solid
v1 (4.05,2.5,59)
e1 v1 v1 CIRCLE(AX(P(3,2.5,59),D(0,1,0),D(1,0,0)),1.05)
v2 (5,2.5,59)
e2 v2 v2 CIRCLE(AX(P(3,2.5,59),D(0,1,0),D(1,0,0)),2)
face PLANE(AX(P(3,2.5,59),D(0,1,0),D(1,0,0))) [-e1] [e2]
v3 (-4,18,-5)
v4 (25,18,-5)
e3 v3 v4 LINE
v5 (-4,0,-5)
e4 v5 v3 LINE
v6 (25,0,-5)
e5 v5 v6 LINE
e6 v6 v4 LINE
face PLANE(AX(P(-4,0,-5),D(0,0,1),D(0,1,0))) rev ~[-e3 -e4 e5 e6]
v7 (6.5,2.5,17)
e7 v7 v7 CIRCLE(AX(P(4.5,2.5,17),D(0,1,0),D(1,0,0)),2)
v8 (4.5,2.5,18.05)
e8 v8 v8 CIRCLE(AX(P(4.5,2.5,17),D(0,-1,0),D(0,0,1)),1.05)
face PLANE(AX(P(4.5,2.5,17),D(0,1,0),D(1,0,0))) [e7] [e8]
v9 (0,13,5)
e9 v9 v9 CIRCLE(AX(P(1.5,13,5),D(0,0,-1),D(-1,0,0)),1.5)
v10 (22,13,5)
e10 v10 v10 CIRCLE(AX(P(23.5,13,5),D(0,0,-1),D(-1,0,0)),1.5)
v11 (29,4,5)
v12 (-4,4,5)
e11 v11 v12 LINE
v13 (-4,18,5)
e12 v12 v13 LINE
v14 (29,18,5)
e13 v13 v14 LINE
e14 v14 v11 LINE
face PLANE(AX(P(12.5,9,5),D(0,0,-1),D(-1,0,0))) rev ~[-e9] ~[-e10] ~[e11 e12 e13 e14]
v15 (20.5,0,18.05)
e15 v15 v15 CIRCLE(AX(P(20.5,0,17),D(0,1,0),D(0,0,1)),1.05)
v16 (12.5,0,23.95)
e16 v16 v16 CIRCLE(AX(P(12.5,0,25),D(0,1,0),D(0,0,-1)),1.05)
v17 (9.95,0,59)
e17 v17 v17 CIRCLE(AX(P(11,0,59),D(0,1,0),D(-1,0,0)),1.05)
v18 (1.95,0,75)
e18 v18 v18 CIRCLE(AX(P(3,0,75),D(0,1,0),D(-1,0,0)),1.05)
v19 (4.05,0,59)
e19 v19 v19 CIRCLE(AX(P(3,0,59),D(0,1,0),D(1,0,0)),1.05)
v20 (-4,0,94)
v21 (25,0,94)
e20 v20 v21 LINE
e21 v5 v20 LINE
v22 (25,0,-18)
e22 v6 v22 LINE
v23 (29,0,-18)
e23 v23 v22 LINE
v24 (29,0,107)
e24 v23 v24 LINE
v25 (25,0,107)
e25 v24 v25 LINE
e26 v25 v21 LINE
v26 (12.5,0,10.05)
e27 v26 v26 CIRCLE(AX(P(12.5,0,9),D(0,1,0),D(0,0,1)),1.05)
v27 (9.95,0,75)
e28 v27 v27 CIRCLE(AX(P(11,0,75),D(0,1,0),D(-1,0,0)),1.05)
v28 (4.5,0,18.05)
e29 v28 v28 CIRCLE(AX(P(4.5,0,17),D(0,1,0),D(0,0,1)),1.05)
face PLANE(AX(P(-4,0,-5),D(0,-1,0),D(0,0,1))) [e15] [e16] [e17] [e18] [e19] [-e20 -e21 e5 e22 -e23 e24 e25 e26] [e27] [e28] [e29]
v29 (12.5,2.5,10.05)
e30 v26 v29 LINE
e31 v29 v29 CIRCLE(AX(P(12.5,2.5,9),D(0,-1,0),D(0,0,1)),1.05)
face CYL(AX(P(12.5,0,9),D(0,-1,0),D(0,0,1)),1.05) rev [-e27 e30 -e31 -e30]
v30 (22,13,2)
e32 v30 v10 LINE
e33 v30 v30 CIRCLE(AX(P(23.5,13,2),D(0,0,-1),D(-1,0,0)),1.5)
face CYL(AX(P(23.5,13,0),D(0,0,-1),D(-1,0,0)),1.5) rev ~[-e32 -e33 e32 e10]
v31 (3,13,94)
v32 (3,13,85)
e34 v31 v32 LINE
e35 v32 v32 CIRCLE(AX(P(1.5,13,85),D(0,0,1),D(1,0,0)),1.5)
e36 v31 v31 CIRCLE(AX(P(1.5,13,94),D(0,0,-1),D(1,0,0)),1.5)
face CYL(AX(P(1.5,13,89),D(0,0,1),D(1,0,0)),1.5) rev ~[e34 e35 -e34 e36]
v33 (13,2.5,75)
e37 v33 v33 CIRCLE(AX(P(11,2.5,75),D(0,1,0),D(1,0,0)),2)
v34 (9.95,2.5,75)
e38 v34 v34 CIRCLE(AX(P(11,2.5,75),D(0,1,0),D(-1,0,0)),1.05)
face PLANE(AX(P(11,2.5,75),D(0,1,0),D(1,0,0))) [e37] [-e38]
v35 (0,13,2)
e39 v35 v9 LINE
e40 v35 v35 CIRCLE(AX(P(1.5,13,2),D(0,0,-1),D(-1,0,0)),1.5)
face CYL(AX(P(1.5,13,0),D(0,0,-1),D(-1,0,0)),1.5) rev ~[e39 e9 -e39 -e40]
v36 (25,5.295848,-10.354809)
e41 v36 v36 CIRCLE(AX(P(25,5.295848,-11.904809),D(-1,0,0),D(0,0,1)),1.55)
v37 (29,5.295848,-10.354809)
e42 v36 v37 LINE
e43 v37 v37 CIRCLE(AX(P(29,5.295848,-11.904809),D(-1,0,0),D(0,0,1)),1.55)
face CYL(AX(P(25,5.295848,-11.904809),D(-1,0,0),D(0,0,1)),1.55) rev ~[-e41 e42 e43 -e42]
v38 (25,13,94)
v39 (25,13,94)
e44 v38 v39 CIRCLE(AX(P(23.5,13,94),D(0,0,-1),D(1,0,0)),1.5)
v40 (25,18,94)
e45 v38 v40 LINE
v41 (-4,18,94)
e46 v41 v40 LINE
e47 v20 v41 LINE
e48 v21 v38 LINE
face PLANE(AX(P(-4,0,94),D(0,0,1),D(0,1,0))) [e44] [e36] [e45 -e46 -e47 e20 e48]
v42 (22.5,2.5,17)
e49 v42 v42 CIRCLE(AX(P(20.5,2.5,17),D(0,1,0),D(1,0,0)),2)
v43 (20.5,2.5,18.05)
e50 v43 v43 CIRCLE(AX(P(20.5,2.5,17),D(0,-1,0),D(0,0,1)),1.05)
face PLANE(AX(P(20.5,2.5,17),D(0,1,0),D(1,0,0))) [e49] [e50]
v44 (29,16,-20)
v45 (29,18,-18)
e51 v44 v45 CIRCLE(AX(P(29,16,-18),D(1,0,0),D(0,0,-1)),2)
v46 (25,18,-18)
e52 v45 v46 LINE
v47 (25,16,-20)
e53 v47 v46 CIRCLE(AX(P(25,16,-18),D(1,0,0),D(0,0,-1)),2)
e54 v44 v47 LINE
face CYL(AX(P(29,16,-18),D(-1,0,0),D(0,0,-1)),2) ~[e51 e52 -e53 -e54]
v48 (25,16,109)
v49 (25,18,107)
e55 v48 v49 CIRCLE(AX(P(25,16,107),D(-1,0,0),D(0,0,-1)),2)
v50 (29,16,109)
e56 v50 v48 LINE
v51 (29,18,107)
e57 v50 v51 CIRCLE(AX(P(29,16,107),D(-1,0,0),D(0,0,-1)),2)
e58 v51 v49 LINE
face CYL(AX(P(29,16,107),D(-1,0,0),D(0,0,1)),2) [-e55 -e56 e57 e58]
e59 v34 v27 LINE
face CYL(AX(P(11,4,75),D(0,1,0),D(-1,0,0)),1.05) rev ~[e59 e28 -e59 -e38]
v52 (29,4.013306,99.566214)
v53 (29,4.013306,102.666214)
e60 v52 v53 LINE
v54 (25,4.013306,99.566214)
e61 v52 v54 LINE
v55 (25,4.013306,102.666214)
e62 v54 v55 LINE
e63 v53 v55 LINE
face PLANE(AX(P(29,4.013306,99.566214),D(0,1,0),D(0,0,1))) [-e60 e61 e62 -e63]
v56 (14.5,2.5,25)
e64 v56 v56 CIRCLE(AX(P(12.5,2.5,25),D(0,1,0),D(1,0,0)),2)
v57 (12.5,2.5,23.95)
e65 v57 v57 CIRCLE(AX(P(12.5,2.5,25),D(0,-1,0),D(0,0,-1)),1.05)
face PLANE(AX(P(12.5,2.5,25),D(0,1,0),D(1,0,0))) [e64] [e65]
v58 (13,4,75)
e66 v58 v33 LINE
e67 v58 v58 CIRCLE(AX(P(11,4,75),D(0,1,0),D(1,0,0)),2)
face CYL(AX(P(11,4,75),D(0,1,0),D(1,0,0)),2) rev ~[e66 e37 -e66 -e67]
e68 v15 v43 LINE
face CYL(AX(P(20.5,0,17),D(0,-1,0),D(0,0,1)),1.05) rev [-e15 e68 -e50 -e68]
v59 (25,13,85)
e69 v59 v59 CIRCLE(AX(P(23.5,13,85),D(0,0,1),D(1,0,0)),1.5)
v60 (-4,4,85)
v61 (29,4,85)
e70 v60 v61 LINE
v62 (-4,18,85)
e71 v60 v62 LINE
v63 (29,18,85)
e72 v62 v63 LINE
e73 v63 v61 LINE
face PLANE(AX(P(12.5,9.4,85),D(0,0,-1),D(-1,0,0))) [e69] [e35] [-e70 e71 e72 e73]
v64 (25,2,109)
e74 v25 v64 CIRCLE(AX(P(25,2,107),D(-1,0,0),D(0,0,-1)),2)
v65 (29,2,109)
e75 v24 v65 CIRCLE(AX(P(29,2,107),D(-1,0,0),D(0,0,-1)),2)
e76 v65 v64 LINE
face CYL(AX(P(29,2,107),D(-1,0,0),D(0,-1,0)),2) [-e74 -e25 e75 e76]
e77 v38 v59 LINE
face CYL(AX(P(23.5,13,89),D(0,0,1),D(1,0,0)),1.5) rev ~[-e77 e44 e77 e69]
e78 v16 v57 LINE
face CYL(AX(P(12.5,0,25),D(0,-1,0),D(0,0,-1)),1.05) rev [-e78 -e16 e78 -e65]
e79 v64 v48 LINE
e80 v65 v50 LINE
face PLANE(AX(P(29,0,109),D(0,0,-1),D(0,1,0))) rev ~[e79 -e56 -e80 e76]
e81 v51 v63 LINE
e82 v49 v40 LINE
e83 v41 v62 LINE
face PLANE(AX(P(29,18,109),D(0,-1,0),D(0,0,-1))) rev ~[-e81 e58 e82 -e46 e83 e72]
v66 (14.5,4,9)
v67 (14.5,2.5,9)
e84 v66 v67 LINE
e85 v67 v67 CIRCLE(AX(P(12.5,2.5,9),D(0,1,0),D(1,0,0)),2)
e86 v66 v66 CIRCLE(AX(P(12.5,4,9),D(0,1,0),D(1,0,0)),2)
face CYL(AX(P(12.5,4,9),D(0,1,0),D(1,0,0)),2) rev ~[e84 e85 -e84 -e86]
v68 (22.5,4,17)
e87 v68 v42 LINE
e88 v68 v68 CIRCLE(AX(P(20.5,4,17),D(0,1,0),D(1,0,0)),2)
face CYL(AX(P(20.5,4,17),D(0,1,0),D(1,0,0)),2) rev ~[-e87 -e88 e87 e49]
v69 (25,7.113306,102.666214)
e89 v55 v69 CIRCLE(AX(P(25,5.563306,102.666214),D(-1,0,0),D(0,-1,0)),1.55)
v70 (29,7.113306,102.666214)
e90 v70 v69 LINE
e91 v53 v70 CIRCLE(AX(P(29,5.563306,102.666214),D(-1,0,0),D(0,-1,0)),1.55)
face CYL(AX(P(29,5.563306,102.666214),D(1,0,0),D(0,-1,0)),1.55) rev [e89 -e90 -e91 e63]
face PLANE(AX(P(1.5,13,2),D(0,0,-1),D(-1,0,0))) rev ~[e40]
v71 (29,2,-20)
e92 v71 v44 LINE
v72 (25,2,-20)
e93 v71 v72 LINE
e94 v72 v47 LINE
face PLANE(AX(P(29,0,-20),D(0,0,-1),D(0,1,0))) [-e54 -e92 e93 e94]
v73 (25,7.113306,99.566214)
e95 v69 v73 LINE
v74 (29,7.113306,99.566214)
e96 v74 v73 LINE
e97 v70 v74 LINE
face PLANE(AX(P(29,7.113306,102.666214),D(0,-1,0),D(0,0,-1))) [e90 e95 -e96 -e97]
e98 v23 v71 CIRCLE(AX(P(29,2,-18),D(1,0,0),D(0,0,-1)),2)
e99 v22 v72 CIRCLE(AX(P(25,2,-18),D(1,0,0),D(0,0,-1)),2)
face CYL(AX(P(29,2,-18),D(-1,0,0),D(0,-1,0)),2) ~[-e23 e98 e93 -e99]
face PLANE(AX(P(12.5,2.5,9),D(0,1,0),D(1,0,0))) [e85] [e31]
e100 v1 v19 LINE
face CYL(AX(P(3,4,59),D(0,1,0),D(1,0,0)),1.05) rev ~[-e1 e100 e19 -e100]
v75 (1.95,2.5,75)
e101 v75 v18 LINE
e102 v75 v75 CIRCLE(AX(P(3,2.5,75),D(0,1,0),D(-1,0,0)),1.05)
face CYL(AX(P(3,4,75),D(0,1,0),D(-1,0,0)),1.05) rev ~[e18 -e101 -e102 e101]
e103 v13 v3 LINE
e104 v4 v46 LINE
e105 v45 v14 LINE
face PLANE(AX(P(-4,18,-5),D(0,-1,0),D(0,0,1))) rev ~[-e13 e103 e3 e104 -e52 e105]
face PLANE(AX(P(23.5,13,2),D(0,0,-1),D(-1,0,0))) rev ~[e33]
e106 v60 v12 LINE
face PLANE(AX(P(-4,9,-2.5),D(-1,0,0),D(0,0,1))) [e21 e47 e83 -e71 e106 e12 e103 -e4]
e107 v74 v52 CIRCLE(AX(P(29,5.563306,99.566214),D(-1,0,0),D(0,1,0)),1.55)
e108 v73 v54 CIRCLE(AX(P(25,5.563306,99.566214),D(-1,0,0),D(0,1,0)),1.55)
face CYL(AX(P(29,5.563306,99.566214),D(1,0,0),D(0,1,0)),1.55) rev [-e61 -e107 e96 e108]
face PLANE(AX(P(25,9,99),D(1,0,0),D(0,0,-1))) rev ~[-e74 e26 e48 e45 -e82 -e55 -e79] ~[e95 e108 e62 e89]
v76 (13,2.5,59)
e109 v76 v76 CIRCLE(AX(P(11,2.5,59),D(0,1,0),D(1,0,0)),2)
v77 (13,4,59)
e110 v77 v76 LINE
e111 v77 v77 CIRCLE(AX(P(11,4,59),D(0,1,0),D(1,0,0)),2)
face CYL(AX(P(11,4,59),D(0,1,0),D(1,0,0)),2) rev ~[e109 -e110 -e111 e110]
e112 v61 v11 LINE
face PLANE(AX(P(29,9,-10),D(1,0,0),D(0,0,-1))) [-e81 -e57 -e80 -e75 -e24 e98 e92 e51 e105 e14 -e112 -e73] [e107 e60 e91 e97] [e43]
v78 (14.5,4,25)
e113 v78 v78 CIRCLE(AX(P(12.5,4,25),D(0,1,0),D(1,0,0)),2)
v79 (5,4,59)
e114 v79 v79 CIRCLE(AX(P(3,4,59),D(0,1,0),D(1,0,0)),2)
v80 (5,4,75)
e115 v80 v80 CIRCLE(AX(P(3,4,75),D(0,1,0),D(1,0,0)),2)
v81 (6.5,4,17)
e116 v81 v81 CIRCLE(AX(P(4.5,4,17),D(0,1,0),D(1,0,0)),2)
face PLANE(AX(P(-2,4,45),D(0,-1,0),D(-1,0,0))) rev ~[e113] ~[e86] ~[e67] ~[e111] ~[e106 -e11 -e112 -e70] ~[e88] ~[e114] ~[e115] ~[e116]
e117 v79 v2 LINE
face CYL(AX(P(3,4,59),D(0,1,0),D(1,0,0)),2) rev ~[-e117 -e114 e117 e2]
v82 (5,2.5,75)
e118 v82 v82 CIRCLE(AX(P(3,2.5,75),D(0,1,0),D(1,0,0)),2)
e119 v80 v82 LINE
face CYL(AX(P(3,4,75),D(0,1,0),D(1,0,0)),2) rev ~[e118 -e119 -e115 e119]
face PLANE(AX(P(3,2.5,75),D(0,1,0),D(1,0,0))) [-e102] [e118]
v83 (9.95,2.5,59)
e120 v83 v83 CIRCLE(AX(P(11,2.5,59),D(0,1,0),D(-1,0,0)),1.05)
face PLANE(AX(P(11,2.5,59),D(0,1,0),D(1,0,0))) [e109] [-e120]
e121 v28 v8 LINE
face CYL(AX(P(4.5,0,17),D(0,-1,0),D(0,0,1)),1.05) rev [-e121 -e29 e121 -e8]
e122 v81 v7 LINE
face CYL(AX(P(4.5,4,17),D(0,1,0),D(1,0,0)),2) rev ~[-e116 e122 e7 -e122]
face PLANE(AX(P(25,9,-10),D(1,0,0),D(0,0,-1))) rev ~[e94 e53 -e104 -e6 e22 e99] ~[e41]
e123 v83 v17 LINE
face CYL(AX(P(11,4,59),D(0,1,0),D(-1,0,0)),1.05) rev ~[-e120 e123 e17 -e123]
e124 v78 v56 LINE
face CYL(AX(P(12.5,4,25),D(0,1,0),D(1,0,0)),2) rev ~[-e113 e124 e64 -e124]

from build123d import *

# Parameters (mm, degrees)
SKETCH1_W            = 25
SKETCH1_H            = 34
BOSS_EXTRUDE2_DEPTH  = 4
SKETCH2_R            = 1.5
BOSS_EXTRUDE3_DEPTH  = 5
SKETCH3_R            = 1.5
BOSS_EXTRUDE4_DEPTH  = 2
SKETCH5_W            = 25
SKETCH5_H            = 4
BOSS_EXTRUDE5_DEPTH  = 55
SKETCH6_R            = 1.5
SKETCH6_W            = 25
SKETCH6_H            = 4
BOSS_EXTRUDE6_DEPTH  = 4
SKETCH7_W            = 4
SKETCH7_H            = 80
BOSS_EXTRUDE7_DEPTH  = 4
CUT_EXTRUDE2_DEPTH   = 5
SKETCH10_R           = 2
CUT_EXTRUDE3_DEPTH   = 1.5
SKETCH11_R           = 2
CUT_EXTRUDE4_DEPTH   = 1.5
SKETCH14_W           = 20
SKETCH14_H           = 18
BOSS_EXTRUDE8_DEPTH  = 4
SKETCH15_W           = 5
SKETCH15_H           = 18
BOSS_EXTRUDE9_DEPTH  = 29
SKETCH6_3_R          = 1.5
CUT_EXTRUDE5_DEPTH   = 35
FILLET2_R            = 2
SKETCH16_W           = 20
SKETCH16_H           = 18
BOSS_EXTRUDE10_DEPTH = 4
BOSS_EXTRUDE11_REACH = 35
SKETCH17_W           = 5
SKETCH17_H           = 18
FILLET3_R            = 2
SKETCH18_R           = 1.55
CUT_EXTRUDE6_DEPTH   = 5


with BuildPart() as part:
    # Sketch1 → Boss-Extrude2 (new body)
    with BuildSketch(Plane(origin=(0, 0, 0), x_dir=(1, 0, 0), z_dir=(0, 1, 0))):
        with Locations((12.5, -17)):
            Rectangle(SKETCH1_W, SKETCH1_H)
        with BuildLine():
            ThreePointArc((20.5, -15.95), (19.45, -17), (20.5, -18.05))
            ThreePointArc((20.5, -18.05), (21.55, -17), (20.5, -15.95))
        make_face(mode=Mode.SUBTRACT)
        with BuildLine():
            ThreePointArc((12.5, -26.05), (13.55, -25), (12.5, -23.95))
            ThreePointArc((12.5, -23.95), (11.45, -25), (12.5, -26.05))
        make_face(mode=Mode.SUBTRACT)
        with BuildLine():
            ThreePointArc((4.5, -15.95), (3.45, -17), (4.5, -18.05))
            ThreePointArc((4.5, -18.05), (5.55, -17), (4.5, -15.95))
        make_face(mode=Mode.SUBTRACT)
        with BuildLine():
            ThreePointArc((12.5, -7.95), (11.45, -9), (12.5, -10.05))
            ThreePointArc((12.5, -10.05), (13.55, -9), (12.5, -7.95))
        make_face(mode=Mode.SUBTRACT)
    extrude(amount=BOSS_EXTRUDE2_DEPTH)

    # Sketch2 → Boss-Extrude3 (add)
    with BuildSketch(Plane(origin=(0, 0, 0), x_dir=(-1, 0, 0), z_dir=(0, 0, -1))):
        Polygon((-25, 0), (0, 0), (4, 0), (4, 18), (-29, 18), (-29, 0), align=None)
        with Locations((-23.5, 13)):
            Circle(SKETCH2_R, mode=Mode.SUBTRACT)
        with Locations((-1.5, 13)):
            Circle(SKETCH2_R, mode=Mode.SUBTRACT)
    extrude(amount=-BOSS_EXTRUDE3_DEPTH)

    # Sketch3 → Boss-Extrude4 (add)
    with BuildSketch(Plane(origin=(0, 0, 0), x_dir=(-1, 0, 0), z_dir=(0, 0, -1))):
        with Locations((-1.5, 13)):
            Circle(SKETCH3_R)
        with Locations((-23.5, 13)):
            Circle(SKETCH3_R)
    extrude(amount=-BOSS_EXTRUDE4_DEPTH)

    # Sketch5 → Boss-Extrude5 (add)
    with BuildSketch(Plane.XY.offset(34)):
        with Locations((12.5, 2)):
            Rectangle(SKETCH5_W, SKETCH5_H)
    extrude(amount=BOSS_EXTRUDE5_DEPTH)

    # Sketch6 → Boss-Extrude6 (add)
    with BuildSketch(Plane.XY.offset(89)):
        Polygon((-4, 18), (29, 18), (29, 0), (25, 0), (25, 4), (0, 4), (0, 0), (-4, 0), align=None)
        with Locations((23.5, 13)):
            Circle(SKETCH6_R, mode=Mode.SUBTRACT)
        with Locations((1.5, 13)):
            Circle(SKETCH6_R, mode=Mode.SUBTRACT)
        with Locations((12.5, 2)):
            Rectangle(SKETCH6_W, SKETCH6_H)
    extrude(amount=-BOSS_EXTRUDE6_DEPTH)

    # Sketch7 → Boss-Extrude7 (add)
    with BuildSketch(Plane(origin=(0, 0, 0), x_dir=(-1, 0, 0), z_dir=(0, -1, 0))):
        with Locations((2, -45)):
            Rectangle(SKETCH7_W, SKETCH7_H)
        with Locations((-27, -45)):
            Rectangle(SKETCH7_W, SKETCH7_H)
    extrude(amount=-BOSS_EXTRUDE7_DEPTH)

    # Sketch9 → Cut-Extrude2 (cut, through all)
    with BuildSketch(Plane(origin=(0, 4, 0), x_dir=(1, 0, 0), z_dir=(0, 1, 0))):
        with BuildLine():
            ThreePointArc((1.95, -59), (3, -60.05), (4.05, -59))
            ThreePointArc((4.05, -59), (3, -57.95), (1.95, -59))
        make_face()
        with BuildLine():
            ThreePointArc((12.05, -59), (11, -57.95), (9.95, -59))
            ThreePointArc((9.95, -59), (11, -60.05), (12.05, -59))
        make_face()
        with BuildLine():
            ThreePointArc((12.05, -75), (11, -73.95), (9.95, -75))
            ThreePointArc((9.95, -75), (11, -76.05), (12.05, -75))
        make_face()
        with BuildLine():
            ThreePointArc((4.05, -75), (3, -73.95), (1.95, -75))
            ThreePointArc((1.95, -75), (3, -76.05), (4.05, -75))
        make_face()
    extrude(amount=-CUT_EXTRUDE2_DEPTH, mode=Mode.SUBTRACT)

    # Sketch10 → Cut-Extrude3 (cut)
    with BuildSketch(Plane(origin=(0, 4, 0), x_dir=(1, 0, 0), z_dir=(0, 1, 0))):
        with Locations((11, -75)):
            Circle(SKETCH10_R)
        with Locations((3, -75)):
            Circle(SKETCH10_R)
        with Locations((11, -59)):
            Circle(SKETCH10_R)
        with Locations((3, -59)):
            Circle(SKETCH10_R)
    extrude(amount=-CUT_EXTRUDE3_DEPTH, mode=Mode.SUBTRACT)

    # Sketch11 → Cut-Extrude4 (cut)
    with BuildSketch(Plane(origin=(0, 4, 0), x_dir=(1, 0, 0), z_dir=(0, 1, 0))):
        with Locations((4.5, -17)):
            Circle(SKETCH11_R)
        with Locations((12.5, -25)):
            Circle(SKETCH11_R)
        with Locations((20.5, -17)):
            Circle(SKETCH11_R)
        with Locations((12.5, -9)):
            Circle(SKETCH11_R)
    extrude(amount=-CUT_EXTRUDE4_DEPTH, mode=Mode.SUBTRACT)

    # Sketch14 → Boss-Extrude8 (add)
    with BuildSketch(Plane(origin=(29, 0, 0), x_dir=(0, 0, -1), z_dir=(1, 0, 0))):
        with Locations((-99, 9)):
            Rectangle(SKETCH14_W, SKETCH14_H)
        with BuildLine():
            Line((-102.666213823, 7.113305627), (-99.566213823, 7.113305627))
            ThreePointArc((-99.566213823, 7.113305627), (-98.016213823, 5.563305627), (-99.566213823, 4.013305627))
            Line((-99.566213823, 4.013305627), (-102.666213823, 4.013305627))
            ThreePointArc((-102.666213823, 4.013305627), (-104.216213823, 5.563305627), (-102.666213823, 7.113305627))
        make_face(mode=Mode.SUBTRACT)
    extrude(amount=-BOSS_EXTRUDE8_DEPTH)

    # Sketch15 → Boss-Extrude9 (add)
    with BuildSketch(Plane.ZY.offset(4)):
        with Locations((91.5, 9)):
            Rectangle(SKETCH15_W, SKETCH15_H)
    extrude(amount=-BOSS_EXTRUDE9_DEPTH)

    # Sketch6<3> → Cut-Extrude5 (cut)
    with BuildSketch(Plane.XY.offset(89)):
        with Locations((23.5, 13)):
            Circle(SKETCH6_3_R)
        with Locations((1.5, 13)):
            Circle(SKETCH6_3_R)
    extrude(amount=CUT_EXTRUDE5_DEPTH, mode=Mode.SUBTRACT)

    # Fillet2
    fillet2_edges = [part.edges().sort_by_distance(p)[0] for p in [
        (27, 18, 109),
        (27, 0, 109),
    ]]
    fillet(fillet2_edges, radius=FILLET2_R)

    # Sketch16 → Boss-Extrude10 (add)
    with BuildSketch(Plane(origin=(29, 0, 0), x_dir=(0, 0, -1), z_dir=(1, 0, 0))):
        with Locations((10, 9)):
            Rectangle(SKETCH16_W, SKETCH16_H)
    extrude(amount=-BOSS_EXTRUDE10_DEPTH)

    # Sketch17 → Boss-Extrude11 (add, up to next)
    with BuildSketch(Plane.ZY.offset(4), mode=Mode.PRIVATE) as boss_extrude11_sk1:
        with Locations((-2.5, 9)):
            Rectangle(SKETCH17_W, SKETCH17_H)
    boss_extrude11_tool1 = extrude(boss_extrude11_sk1.sketch, amount=-BOSS_EXTRUDE11_REACH, mode=Mode.PRIVATE) - part.part
    add(boss_extrude11_tool1.solids().sort_by_distance((-4, 9, -2.5))[0])

    # Fillet3
    fillet3_edges = [part.edges().sort_by_distance(p)[0] for p in [
        (27, 18, -20),
        (27, 0, -20),
    ]]
    fillet(fillet3_edges, radius=FILLET3_R)

    # Sketch18 → Cut-Extrude6 (cut, through all)
    with BuildSketch(Plane.ZY.offset(-25)):
        with Locations((-11.904808502, 5.295848229)):
            Circle(SKETCH18_R)
    extrude(amount=-CUT_EXTRUDE6_DEPTH, mode=Mode.SUBTRACT)


solid = part.part
